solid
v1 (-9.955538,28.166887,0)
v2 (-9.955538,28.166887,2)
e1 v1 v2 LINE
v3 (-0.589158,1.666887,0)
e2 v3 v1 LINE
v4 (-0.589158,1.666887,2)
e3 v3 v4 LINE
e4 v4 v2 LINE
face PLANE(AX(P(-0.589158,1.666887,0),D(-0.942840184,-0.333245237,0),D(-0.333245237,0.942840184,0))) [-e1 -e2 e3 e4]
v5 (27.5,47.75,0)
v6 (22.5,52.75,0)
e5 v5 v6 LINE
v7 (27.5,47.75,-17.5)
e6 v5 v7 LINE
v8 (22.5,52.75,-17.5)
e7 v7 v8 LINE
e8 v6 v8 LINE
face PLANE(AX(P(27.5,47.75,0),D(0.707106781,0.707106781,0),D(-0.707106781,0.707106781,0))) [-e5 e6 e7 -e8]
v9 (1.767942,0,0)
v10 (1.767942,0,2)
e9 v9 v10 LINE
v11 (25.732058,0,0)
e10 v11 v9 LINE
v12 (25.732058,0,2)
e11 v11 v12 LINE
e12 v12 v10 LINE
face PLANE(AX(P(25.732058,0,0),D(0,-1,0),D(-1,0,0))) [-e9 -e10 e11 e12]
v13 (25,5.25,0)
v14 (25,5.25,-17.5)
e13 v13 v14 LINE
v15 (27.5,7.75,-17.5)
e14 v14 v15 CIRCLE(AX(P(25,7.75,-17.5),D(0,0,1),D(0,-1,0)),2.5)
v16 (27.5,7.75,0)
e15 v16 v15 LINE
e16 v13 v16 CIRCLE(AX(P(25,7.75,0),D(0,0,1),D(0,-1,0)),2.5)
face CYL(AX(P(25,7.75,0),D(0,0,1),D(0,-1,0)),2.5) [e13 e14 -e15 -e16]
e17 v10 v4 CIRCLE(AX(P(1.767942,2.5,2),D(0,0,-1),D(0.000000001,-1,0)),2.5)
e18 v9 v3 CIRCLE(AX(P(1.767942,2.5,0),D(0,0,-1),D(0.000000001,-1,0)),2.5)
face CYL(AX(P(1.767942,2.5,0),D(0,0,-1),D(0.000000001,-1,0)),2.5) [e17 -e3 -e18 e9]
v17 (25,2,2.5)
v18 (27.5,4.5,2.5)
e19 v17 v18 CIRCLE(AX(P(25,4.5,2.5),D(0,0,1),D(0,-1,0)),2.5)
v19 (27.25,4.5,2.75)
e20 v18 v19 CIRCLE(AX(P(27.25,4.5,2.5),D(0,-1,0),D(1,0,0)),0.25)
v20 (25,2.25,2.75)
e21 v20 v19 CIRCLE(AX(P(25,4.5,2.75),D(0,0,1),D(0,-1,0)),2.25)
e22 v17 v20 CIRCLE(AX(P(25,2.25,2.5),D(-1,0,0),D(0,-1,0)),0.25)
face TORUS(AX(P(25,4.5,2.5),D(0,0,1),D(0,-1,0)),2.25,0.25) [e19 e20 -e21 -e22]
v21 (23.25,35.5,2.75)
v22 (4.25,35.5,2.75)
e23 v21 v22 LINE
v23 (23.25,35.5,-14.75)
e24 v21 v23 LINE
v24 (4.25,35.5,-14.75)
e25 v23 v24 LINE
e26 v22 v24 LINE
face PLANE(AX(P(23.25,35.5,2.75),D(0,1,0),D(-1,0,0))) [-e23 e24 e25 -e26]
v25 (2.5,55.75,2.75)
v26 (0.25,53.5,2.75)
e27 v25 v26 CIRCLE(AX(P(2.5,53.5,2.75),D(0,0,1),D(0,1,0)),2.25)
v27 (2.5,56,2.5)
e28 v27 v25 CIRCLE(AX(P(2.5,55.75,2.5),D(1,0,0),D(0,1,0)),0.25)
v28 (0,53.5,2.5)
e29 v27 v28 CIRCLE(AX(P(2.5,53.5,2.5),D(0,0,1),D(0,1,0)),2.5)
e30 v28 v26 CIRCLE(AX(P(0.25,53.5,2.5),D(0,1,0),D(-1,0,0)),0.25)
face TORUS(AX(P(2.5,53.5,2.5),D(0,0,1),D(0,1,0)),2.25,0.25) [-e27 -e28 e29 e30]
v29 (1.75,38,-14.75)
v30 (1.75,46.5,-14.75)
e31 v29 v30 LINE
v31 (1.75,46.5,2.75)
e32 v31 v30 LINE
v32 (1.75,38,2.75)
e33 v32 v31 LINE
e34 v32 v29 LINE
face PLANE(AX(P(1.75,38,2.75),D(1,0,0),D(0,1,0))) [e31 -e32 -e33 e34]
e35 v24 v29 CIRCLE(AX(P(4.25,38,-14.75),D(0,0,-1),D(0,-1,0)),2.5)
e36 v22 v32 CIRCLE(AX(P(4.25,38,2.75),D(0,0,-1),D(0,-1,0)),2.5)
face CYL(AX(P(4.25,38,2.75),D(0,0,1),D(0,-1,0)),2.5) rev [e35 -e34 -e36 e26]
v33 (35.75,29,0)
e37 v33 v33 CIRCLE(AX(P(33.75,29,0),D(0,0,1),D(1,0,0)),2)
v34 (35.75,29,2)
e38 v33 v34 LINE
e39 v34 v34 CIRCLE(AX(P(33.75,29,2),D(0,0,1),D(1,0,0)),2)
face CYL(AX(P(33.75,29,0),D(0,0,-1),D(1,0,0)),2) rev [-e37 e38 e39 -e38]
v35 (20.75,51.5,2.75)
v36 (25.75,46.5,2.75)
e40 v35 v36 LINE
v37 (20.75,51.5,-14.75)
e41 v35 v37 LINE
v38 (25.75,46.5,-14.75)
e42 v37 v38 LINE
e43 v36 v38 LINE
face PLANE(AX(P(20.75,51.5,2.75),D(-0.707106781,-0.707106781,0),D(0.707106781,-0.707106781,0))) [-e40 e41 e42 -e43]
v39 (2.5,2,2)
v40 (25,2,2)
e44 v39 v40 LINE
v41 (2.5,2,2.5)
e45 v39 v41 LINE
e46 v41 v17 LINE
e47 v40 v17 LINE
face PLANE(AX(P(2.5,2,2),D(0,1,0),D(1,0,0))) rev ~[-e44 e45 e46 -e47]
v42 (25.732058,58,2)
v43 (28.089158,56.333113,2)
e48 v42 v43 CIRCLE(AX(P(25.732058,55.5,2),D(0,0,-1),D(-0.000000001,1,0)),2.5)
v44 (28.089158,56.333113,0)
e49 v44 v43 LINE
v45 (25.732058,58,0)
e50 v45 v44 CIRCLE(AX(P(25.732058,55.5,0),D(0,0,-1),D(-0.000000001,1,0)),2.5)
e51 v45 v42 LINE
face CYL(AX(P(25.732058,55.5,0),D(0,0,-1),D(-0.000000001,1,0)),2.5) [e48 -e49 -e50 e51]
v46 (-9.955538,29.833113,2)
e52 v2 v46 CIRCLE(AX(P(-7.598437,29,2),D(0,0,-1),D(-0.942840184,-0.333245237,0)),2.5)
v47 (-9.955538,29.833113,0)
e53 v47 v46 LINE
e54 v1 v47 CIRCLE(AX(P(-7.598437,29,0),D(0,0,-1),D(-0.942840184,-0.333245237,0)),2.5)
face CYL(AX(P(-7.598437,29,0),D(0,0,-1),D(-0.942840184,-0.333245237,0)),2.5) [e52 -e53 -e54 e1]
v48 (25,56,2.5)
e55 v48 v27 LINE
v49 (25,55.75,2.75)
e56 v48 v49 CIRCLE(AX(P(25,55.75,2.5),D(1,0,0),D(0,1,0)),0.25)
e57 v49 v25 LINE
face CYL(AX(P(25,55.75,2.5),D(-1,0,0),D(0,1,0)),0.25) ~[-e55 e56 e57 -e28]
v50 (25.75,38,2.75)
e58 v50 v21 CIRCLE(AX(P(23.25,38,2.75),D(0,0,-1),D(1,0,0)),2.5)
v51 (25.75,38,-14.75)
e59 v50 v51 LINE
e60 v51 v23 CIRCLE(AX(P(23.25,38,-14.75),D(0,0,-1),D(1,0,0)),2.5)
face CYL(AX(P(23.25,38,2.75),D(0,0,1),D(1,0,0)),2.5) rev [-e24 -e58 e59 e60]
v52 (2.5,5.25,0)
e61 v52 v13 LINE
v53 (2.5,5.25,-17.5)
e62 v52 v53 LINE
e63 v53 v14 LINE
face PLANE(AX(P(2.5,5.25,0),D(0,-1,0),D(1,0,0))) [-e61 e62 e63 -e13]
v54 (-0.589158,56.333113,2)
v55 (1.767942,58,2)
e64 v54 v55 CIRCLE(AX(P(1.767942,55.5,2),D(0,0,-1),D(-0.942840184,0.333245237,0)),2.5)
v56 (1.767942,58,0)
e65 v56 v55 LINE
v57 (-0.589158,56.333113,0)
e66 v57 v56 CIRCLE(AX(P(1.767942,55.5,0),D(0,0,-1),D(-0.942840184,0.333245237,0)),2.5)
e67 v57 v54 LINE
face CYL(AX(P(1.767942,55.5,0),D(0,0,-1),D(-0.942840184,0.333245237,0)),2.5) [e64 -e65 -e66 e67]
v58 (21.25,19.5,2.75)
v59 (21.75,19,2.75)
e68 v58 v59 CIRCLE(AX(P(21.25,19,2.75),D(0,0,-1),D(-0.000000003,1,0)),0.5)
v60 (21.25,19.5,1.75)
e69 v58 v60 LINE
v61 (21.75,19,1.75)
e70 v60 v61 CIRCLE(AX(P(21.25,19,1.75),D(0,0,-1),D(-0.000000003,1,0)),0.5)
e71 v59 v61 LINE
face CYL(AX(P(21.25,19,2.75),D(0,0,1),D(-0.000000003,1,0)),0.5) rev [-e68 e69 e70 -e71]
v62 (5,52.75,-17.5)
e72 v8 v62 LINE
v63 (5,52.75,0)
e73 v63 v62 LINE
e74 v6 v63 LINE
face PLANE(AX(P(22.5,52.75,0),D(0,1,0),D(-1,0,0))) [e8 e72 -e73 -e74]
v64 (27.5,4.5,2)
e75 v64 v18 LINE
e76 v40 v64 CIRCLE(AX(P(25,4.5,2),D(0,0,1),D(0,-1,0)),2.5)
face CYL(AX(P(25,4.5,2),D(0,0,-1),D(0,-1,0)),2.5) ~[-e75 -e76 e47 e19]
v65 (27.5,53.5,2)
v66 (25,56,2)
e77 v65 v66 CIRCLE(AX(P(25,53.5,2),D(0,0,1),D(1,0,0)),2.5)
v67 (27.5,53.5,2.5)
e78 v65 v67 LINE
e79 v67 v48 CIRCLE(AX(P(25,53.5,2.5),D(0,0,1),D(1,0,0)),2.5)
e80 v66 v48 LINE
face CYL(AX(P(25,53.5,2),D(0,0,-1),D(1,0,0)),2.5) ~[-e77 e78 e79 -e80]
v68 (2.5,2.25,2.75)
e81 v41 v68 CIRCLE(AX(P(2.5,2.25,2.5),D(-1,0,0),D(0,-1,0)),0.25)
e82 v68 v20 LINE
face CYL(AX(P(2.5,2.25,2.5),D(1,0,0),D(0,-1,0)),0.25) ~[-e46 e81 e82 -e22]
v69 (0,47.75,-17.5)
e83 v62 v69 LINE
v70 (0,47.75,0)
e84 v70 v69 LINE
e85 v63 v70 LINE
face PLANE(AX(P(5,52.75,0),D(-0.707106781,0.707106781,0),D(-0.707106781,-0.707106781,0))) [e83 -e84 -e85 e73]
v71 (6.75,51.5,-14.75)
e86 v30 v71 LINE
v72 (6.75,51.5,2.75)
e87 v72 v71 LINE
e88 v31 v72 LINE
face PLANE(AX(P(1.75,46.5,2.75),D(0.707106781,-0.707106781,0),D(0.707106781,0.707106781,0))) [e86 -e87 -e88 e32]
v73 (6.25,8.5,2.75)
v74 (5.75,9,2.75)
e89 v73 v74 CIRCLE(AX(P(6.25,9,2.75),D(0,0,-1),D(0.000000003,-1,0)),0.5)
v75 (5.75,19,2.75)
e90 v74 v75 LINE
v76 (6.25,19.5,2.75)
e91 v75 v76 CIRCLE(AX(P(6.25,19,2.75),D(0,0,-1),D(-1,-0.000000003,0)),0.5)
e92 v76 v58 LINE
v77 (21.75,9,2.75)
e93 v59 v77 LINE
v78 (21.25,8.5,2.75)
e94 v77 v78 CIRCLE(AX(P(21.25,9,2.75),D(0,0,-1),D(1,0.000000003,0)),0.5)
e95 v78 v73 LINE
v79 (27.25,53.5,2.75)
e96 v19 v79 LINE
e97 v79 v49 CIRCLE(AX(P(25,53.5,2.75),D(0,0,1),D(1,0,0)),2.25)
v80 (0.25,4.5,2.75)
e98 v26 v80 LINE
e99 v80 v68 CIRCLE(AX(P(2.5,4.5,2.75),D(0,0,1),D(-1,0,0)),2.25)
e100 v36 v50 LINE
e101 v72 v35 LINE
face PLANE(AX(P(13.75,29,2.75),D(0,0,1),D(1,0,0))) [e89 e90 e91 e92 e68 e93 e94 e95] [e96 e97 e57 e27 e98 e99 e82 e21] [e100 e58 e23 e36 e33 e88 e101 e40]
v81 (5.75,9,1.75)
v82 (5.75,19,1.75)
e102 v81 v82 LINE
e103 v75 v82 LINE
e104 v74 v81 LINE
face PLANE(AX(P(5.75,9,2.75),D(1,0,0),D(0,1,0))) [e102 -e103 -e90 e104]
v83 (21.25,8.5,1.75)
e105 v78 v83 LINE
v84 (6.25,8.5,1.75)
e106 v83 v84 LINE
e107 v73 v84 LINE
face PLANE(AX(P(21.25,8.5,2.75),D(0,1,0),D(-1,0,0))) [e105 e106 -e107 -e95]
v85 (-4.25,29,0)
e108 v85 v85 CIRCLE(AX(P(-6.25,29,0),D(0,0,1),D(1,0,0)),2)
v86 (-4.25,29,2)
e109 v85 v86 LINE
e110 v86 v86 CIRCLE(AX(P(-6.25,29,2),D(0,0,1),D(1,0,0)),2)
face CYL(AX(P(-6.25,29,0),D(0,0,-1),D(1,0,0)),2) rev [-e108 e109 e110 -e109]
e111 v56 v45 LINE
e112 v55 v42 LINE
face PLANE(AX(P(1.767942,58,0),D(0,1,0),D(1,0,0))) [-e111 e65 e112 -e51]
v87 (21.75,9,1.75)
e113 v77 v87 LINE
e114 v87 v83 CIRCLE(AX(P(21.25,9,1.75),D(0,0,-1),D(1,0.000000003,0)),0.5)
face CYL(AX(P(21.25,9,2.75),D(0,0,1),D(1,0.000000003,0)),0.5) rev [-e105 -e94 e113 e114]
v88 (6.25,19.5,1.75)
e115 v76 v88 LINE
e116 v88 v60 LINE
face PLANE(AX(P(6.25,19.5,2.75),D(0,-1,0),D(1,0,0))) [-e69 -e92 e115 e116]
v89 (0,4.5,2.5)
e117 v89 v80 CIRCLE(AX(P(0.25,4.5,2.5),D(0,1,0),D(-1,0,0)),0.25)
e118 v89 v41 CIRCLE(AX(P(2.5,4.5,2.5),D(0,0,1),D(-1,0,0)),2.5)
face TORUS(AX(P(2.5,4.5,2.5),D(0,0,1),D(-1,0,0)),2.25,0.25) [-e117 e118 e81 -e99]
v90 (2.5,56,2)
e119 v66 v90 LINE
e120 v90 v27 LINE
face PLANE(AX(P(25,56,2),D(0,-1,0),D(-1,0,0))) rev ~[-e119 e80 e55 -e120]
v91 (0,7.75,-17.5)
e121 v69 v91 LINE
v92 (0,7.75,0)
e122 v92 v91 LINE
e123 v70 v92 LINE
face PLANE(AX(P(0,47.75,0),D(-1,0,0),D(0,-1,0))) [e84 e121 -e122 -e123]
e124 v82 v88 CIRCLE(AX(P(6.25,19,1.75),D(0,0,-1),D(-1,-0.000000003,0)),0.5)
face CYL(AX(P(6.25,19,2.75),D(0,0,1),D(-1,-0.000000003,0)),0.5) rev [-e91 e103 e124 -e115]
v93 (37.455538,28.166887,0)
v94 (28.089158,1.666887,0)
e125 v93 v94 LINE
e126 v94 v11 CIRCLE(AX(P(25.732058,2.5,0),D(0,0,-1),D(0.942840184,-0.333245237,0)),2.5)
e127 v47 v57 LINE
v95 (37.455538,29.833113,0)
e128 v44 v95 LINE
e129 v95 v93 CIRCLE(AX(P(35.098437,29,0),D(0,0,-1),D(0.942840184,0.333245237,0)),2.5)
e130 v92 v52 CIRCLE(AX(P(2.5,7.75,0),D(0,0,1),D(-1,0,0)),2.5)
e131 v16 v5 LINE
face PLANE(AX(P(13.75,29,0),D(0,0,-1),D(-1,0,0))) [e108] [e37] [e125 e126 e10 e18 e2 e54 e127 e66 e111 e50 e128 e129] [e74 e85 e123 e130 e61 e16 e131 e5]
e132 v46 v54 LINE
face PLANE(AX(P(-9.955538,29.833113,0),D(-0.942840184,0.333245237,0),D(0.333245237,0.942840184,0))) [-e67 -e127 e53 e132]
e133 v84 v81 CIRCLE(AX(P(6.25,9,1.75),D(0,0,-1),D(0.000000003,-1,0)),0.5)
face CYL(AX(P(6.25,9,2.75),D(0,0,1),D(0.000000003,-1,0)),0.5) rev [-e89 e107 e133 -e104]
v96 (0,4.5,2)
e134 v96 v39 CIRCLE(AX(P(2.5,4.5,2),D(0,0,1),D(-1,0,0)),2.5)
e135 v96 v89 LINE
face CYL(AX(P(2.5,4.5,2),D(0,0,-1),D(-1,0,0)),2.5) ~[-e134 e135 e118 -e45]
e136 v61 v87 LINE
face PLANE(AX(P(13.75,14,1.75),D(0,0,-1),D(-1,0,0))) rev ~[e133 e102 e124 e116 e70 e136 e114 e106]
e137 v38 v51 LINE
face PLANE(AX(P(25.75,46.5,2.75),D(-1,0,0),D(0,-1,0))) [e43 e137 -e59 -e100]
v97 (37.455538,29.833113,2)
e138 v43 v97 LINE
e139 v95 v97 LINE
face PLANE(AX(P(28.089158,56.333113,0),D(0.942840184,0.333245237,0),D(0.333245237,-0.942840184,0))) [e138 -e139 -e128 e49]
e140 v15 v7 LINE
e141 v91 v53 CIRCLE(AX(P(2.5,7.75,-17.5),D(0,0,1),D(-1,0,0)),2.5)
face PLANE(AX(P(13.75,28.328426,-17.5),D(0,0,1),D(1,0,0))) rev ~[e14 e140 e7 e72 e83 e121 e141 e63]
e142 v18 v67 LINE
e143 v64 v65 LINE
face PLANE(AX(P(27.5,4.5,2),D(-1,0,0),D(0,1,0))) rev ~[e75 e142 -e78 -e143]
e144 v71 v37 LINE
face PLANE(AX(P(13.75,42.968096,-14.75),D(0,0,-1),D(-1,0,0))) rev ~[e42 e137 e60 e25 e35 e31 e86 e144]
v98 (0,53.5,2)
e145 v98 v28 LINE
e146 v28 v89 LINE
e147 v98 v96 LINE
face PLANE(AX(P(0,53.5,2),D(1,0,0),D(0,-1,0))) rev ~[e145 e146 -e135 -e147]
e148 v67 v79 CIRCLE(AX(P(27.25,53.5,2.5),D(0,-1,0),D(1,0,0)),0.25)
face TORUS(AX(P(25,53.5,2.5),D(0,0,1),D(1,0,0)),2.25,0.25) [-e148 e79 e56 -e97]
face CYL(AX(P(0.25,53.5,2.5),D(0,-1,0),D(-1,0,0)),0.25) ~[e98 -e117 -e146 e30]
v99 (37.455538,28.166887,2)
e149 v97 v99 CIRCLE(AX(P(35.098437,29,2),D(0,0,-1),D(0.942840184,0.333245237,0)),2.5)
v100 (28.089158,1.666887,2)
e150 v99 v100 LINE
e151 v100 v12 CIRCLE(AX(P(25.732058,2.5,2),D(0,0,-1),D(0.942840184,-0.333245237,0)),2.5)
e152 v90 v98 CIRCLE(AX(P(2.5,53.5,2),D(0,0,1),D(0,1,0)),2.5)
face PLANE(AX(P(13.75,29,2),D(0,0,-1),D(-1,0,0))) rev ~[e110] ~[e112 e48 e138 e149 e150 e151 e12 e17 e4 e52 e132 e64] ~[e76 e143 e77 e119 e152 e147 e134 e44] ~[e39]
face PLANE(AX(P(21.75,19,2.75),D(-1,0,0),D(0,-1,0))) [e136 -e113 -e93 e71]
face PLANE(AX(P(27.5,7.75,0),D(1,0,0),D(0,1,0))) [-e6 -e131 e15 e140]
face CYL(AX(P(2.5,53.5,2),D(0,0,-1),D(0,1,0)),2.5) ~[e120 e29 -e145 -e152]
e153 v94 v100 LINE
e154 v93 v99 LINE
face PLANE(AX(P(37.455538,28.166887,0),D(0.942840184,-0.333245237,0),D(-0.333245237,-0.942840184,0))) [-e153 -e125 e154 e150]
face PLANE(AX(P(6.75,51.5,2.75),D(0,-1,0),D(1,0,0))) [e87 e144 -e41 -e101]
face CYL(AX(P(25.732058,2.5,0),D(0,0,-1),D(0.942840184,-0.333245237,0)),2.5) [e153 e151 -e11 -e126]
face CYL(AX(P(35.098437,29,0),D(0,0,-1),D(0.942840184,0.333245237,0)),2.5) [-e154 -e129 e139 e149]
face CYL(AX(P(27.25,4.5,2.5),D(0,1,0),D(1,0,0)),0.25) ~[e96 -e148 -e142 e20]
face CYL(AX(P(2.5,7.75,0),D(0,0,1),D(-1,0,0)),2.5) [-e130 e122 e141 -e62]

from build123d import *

# Parameters (mm, degrees)
SKETCH1_R           = 2
BOSS_EXTRUDE1_DEPTH = 2
BOSS_EXTRUDE2_DEPTH = 0.75
FILLET1_R           = 0.25
BOSS_EXTRUDE3_DEPTH = 17.5
CUT_EXTRUDE1_DEPTH  = 17.5
CUT_EXTRUDE2_DEPTH  = 1


with BuildPart() as part:
    # Sketch1 → Boss-Extrude1 (new body)
    with BuildSketch(Plane.XY):
        with BuildLine():
            Line((28.089158303, 56.333113093), (37.455537614, 29.833113093))
            ThreePointArc((37.455537614, 29.833113093), (37.598437155, 29), (37.455537614, 28.166886907))
            Line((37.455537614, 28.166886907), (28.089158303, 1.666886907))
            ThreePointArc((28.089158303, 1.666886907), (27.175528881, 0.458825983), (25.732057844, 0))
            Line((25.732057844, 0), (1.767942156, 0))
            ThreePointArc((1.767942156, 0), (0.324471119, 0.458825983), (-0.589158303, 1.666886907))
            Line((-0.589158303, 1.666886907), (-9.955537614, 28.166886907))
            ThreePointArc((-9.955537614, 28.166886907), (-10.098437155, 29), (-9.955537614, 29.833113093))
            Line((-9.955537614, 29.833113093), (-0.589158303, 56.333113093))
            ThreePointArc((-0.589158303, 56.333113093), (0.324471119, 57.541174017), (1.767942156, 58))
            Line((1.767942156, 58), (25.732057844, 58))
            ThreePointArc((25.732057844, 58), (27.175528881, 57.541174017), (28.089158303, 56.333113093))
        make_face()
        with Locations((-6.25, 29)):
            Circle(SKETCH1_R, mode=Mode.SUBTRACT)
        with Locations((33.75, 29)):
            Circle(SKETCH1_R, mode=Mode.SUBTRACT)
    extrude(amount=BOSS_EXTRUDE1_DEPTH)

    # Sketch2 → Boss-Extrude2 (add)
    with BuildSketch(Plane.XY.offset(2)):
        with BuildLine():
            Line((2.5, 2), (25, 2))
            ThreePointArc((25, 2), (26.767766953, 2.732233047), (27.5, 4.5))
            Line((27.5, 4.5), (27.5, 53.5))
            ThreePointArc((27.5, 53.5), (26.767766953, 55.267766953), (25, 56))
            Line((25, 56), (2.5, 56))
            ThreePointArc((2.5, 56), (0.732233047, 55.267766953), (0, 53.5))
            Line((0, 53.5), (0, 4.5))
            ThreePointArc((0, 4.5), (0.732233047, 2.732233047), (2.5, 2))
        make_face()
    extrude(amount=BOSS_EXTRUDE2_DEPTH)

    # Fillet1
    fillet1_edges = [part.edges().sort_by_distance(p)[0] for p in [
        (0.732233047, 2.732233047, 2.75),
        (13.75, 2, 2.75),
        (26.767766953, 2.732233047, 2.75),
        (27.5, 29, 2.75),
        (26.767766953, 55.267766953, 2.75),
        (13.75, 56, 2.75),
        (0.732233047, 55.267766953, 2.75),
        (0, 29, 2.75),
    ]]
    fillet(fillet1_edges, radius=FILLET1_R)

    # Sketch3 → Boss-Extrude3 (add)
    with BuildSketch(Plane(origin=(0, 0, 0), x_dir=(-1, 0, 0), z_dir=(0, 0, -1))):
        with BuildLine():
            Line((-27.5, 47.75), (-22.5, 52.75))
            Line((-22.5, 52.75), (-5, 52.75))
            Line((-5, 52.75), (0, 47.75))
            Line((0, 47.75), (0, 7.75))
            ThreePointArc((0, 7.75), (-0.732233047, 5.982233047), (-2.5, 5.25))
            Line((-2.5, 5.25), (-25, 5.25))
            ThreePointArc((-25, 5.25), (-26.767766953, 5.982233047), (-27.5, 7.75))
            Line((-27.5, 7.75), (-27.5, 47.75))
        make_face()
    extrude(amount=BOSS_EXTRUDE3_DEPTH)

    # Sketch4 → Cut-Extrude1 (cut)
    with BuildSketch(Plane.XY.offset(2.75)):
        with BuildLine():
            Line((1.75, 46.5), (6.75, 51.5))
            Line((6.75, 51.5), (20.75, 51.5))
            Line((20.75, 51.5), (25.75, 46.5))
            Line((25.75, 46.5), (25.75, 38))
            ThreePointArc((25.75, 38), (25.017766953, 36.232233047), (23.25, 35.5))
            Line((23.25, 35.5), (4.25, 35.5))
            ThreePointArc((4.25, 35.5), (2.482233047, 36.232233047), (1.75, 38))
            Line((1.75, 38), (1.75, 46.5))
        make_face()
    extrude(amount=-CUT_EXTRUDE1_DEPTH, mode=Mode.SUBTRACT)

    # Sketch5 → Cut-Extrude2 (cut)
    with BuildSketch(Plane.XY.offset(2.75)):
        with BuildLine():
            Line((6.25, 19.5), (21.25, 19.5))
            ThreePointArc((21.25, 19.5), (21.603553391, 19.353553391), (21.75, 19))
            Line((21.75, 19), (21.75, 9))
            ThreePointArc((21.75, 9), (21.603553391, 8.646446609), (21.25, 8.5))
            Line((21.25, 8.5), (6.25, 8.5))
            ThreePointArc((6.25, 8.5), (5.896446609, 8.646446609), (5.75, 9))
            Line((5.75, 9), (5.75, 19))
            ThreePointArc((5.75, 19), (5.896446609, 19.353553391), (6.25, 19.5))
        make_face()
    extrude(amount=-CUT_EXTRUDE2_DEPTH, mode=Mode.SUBTRACT)


solid = part.part
